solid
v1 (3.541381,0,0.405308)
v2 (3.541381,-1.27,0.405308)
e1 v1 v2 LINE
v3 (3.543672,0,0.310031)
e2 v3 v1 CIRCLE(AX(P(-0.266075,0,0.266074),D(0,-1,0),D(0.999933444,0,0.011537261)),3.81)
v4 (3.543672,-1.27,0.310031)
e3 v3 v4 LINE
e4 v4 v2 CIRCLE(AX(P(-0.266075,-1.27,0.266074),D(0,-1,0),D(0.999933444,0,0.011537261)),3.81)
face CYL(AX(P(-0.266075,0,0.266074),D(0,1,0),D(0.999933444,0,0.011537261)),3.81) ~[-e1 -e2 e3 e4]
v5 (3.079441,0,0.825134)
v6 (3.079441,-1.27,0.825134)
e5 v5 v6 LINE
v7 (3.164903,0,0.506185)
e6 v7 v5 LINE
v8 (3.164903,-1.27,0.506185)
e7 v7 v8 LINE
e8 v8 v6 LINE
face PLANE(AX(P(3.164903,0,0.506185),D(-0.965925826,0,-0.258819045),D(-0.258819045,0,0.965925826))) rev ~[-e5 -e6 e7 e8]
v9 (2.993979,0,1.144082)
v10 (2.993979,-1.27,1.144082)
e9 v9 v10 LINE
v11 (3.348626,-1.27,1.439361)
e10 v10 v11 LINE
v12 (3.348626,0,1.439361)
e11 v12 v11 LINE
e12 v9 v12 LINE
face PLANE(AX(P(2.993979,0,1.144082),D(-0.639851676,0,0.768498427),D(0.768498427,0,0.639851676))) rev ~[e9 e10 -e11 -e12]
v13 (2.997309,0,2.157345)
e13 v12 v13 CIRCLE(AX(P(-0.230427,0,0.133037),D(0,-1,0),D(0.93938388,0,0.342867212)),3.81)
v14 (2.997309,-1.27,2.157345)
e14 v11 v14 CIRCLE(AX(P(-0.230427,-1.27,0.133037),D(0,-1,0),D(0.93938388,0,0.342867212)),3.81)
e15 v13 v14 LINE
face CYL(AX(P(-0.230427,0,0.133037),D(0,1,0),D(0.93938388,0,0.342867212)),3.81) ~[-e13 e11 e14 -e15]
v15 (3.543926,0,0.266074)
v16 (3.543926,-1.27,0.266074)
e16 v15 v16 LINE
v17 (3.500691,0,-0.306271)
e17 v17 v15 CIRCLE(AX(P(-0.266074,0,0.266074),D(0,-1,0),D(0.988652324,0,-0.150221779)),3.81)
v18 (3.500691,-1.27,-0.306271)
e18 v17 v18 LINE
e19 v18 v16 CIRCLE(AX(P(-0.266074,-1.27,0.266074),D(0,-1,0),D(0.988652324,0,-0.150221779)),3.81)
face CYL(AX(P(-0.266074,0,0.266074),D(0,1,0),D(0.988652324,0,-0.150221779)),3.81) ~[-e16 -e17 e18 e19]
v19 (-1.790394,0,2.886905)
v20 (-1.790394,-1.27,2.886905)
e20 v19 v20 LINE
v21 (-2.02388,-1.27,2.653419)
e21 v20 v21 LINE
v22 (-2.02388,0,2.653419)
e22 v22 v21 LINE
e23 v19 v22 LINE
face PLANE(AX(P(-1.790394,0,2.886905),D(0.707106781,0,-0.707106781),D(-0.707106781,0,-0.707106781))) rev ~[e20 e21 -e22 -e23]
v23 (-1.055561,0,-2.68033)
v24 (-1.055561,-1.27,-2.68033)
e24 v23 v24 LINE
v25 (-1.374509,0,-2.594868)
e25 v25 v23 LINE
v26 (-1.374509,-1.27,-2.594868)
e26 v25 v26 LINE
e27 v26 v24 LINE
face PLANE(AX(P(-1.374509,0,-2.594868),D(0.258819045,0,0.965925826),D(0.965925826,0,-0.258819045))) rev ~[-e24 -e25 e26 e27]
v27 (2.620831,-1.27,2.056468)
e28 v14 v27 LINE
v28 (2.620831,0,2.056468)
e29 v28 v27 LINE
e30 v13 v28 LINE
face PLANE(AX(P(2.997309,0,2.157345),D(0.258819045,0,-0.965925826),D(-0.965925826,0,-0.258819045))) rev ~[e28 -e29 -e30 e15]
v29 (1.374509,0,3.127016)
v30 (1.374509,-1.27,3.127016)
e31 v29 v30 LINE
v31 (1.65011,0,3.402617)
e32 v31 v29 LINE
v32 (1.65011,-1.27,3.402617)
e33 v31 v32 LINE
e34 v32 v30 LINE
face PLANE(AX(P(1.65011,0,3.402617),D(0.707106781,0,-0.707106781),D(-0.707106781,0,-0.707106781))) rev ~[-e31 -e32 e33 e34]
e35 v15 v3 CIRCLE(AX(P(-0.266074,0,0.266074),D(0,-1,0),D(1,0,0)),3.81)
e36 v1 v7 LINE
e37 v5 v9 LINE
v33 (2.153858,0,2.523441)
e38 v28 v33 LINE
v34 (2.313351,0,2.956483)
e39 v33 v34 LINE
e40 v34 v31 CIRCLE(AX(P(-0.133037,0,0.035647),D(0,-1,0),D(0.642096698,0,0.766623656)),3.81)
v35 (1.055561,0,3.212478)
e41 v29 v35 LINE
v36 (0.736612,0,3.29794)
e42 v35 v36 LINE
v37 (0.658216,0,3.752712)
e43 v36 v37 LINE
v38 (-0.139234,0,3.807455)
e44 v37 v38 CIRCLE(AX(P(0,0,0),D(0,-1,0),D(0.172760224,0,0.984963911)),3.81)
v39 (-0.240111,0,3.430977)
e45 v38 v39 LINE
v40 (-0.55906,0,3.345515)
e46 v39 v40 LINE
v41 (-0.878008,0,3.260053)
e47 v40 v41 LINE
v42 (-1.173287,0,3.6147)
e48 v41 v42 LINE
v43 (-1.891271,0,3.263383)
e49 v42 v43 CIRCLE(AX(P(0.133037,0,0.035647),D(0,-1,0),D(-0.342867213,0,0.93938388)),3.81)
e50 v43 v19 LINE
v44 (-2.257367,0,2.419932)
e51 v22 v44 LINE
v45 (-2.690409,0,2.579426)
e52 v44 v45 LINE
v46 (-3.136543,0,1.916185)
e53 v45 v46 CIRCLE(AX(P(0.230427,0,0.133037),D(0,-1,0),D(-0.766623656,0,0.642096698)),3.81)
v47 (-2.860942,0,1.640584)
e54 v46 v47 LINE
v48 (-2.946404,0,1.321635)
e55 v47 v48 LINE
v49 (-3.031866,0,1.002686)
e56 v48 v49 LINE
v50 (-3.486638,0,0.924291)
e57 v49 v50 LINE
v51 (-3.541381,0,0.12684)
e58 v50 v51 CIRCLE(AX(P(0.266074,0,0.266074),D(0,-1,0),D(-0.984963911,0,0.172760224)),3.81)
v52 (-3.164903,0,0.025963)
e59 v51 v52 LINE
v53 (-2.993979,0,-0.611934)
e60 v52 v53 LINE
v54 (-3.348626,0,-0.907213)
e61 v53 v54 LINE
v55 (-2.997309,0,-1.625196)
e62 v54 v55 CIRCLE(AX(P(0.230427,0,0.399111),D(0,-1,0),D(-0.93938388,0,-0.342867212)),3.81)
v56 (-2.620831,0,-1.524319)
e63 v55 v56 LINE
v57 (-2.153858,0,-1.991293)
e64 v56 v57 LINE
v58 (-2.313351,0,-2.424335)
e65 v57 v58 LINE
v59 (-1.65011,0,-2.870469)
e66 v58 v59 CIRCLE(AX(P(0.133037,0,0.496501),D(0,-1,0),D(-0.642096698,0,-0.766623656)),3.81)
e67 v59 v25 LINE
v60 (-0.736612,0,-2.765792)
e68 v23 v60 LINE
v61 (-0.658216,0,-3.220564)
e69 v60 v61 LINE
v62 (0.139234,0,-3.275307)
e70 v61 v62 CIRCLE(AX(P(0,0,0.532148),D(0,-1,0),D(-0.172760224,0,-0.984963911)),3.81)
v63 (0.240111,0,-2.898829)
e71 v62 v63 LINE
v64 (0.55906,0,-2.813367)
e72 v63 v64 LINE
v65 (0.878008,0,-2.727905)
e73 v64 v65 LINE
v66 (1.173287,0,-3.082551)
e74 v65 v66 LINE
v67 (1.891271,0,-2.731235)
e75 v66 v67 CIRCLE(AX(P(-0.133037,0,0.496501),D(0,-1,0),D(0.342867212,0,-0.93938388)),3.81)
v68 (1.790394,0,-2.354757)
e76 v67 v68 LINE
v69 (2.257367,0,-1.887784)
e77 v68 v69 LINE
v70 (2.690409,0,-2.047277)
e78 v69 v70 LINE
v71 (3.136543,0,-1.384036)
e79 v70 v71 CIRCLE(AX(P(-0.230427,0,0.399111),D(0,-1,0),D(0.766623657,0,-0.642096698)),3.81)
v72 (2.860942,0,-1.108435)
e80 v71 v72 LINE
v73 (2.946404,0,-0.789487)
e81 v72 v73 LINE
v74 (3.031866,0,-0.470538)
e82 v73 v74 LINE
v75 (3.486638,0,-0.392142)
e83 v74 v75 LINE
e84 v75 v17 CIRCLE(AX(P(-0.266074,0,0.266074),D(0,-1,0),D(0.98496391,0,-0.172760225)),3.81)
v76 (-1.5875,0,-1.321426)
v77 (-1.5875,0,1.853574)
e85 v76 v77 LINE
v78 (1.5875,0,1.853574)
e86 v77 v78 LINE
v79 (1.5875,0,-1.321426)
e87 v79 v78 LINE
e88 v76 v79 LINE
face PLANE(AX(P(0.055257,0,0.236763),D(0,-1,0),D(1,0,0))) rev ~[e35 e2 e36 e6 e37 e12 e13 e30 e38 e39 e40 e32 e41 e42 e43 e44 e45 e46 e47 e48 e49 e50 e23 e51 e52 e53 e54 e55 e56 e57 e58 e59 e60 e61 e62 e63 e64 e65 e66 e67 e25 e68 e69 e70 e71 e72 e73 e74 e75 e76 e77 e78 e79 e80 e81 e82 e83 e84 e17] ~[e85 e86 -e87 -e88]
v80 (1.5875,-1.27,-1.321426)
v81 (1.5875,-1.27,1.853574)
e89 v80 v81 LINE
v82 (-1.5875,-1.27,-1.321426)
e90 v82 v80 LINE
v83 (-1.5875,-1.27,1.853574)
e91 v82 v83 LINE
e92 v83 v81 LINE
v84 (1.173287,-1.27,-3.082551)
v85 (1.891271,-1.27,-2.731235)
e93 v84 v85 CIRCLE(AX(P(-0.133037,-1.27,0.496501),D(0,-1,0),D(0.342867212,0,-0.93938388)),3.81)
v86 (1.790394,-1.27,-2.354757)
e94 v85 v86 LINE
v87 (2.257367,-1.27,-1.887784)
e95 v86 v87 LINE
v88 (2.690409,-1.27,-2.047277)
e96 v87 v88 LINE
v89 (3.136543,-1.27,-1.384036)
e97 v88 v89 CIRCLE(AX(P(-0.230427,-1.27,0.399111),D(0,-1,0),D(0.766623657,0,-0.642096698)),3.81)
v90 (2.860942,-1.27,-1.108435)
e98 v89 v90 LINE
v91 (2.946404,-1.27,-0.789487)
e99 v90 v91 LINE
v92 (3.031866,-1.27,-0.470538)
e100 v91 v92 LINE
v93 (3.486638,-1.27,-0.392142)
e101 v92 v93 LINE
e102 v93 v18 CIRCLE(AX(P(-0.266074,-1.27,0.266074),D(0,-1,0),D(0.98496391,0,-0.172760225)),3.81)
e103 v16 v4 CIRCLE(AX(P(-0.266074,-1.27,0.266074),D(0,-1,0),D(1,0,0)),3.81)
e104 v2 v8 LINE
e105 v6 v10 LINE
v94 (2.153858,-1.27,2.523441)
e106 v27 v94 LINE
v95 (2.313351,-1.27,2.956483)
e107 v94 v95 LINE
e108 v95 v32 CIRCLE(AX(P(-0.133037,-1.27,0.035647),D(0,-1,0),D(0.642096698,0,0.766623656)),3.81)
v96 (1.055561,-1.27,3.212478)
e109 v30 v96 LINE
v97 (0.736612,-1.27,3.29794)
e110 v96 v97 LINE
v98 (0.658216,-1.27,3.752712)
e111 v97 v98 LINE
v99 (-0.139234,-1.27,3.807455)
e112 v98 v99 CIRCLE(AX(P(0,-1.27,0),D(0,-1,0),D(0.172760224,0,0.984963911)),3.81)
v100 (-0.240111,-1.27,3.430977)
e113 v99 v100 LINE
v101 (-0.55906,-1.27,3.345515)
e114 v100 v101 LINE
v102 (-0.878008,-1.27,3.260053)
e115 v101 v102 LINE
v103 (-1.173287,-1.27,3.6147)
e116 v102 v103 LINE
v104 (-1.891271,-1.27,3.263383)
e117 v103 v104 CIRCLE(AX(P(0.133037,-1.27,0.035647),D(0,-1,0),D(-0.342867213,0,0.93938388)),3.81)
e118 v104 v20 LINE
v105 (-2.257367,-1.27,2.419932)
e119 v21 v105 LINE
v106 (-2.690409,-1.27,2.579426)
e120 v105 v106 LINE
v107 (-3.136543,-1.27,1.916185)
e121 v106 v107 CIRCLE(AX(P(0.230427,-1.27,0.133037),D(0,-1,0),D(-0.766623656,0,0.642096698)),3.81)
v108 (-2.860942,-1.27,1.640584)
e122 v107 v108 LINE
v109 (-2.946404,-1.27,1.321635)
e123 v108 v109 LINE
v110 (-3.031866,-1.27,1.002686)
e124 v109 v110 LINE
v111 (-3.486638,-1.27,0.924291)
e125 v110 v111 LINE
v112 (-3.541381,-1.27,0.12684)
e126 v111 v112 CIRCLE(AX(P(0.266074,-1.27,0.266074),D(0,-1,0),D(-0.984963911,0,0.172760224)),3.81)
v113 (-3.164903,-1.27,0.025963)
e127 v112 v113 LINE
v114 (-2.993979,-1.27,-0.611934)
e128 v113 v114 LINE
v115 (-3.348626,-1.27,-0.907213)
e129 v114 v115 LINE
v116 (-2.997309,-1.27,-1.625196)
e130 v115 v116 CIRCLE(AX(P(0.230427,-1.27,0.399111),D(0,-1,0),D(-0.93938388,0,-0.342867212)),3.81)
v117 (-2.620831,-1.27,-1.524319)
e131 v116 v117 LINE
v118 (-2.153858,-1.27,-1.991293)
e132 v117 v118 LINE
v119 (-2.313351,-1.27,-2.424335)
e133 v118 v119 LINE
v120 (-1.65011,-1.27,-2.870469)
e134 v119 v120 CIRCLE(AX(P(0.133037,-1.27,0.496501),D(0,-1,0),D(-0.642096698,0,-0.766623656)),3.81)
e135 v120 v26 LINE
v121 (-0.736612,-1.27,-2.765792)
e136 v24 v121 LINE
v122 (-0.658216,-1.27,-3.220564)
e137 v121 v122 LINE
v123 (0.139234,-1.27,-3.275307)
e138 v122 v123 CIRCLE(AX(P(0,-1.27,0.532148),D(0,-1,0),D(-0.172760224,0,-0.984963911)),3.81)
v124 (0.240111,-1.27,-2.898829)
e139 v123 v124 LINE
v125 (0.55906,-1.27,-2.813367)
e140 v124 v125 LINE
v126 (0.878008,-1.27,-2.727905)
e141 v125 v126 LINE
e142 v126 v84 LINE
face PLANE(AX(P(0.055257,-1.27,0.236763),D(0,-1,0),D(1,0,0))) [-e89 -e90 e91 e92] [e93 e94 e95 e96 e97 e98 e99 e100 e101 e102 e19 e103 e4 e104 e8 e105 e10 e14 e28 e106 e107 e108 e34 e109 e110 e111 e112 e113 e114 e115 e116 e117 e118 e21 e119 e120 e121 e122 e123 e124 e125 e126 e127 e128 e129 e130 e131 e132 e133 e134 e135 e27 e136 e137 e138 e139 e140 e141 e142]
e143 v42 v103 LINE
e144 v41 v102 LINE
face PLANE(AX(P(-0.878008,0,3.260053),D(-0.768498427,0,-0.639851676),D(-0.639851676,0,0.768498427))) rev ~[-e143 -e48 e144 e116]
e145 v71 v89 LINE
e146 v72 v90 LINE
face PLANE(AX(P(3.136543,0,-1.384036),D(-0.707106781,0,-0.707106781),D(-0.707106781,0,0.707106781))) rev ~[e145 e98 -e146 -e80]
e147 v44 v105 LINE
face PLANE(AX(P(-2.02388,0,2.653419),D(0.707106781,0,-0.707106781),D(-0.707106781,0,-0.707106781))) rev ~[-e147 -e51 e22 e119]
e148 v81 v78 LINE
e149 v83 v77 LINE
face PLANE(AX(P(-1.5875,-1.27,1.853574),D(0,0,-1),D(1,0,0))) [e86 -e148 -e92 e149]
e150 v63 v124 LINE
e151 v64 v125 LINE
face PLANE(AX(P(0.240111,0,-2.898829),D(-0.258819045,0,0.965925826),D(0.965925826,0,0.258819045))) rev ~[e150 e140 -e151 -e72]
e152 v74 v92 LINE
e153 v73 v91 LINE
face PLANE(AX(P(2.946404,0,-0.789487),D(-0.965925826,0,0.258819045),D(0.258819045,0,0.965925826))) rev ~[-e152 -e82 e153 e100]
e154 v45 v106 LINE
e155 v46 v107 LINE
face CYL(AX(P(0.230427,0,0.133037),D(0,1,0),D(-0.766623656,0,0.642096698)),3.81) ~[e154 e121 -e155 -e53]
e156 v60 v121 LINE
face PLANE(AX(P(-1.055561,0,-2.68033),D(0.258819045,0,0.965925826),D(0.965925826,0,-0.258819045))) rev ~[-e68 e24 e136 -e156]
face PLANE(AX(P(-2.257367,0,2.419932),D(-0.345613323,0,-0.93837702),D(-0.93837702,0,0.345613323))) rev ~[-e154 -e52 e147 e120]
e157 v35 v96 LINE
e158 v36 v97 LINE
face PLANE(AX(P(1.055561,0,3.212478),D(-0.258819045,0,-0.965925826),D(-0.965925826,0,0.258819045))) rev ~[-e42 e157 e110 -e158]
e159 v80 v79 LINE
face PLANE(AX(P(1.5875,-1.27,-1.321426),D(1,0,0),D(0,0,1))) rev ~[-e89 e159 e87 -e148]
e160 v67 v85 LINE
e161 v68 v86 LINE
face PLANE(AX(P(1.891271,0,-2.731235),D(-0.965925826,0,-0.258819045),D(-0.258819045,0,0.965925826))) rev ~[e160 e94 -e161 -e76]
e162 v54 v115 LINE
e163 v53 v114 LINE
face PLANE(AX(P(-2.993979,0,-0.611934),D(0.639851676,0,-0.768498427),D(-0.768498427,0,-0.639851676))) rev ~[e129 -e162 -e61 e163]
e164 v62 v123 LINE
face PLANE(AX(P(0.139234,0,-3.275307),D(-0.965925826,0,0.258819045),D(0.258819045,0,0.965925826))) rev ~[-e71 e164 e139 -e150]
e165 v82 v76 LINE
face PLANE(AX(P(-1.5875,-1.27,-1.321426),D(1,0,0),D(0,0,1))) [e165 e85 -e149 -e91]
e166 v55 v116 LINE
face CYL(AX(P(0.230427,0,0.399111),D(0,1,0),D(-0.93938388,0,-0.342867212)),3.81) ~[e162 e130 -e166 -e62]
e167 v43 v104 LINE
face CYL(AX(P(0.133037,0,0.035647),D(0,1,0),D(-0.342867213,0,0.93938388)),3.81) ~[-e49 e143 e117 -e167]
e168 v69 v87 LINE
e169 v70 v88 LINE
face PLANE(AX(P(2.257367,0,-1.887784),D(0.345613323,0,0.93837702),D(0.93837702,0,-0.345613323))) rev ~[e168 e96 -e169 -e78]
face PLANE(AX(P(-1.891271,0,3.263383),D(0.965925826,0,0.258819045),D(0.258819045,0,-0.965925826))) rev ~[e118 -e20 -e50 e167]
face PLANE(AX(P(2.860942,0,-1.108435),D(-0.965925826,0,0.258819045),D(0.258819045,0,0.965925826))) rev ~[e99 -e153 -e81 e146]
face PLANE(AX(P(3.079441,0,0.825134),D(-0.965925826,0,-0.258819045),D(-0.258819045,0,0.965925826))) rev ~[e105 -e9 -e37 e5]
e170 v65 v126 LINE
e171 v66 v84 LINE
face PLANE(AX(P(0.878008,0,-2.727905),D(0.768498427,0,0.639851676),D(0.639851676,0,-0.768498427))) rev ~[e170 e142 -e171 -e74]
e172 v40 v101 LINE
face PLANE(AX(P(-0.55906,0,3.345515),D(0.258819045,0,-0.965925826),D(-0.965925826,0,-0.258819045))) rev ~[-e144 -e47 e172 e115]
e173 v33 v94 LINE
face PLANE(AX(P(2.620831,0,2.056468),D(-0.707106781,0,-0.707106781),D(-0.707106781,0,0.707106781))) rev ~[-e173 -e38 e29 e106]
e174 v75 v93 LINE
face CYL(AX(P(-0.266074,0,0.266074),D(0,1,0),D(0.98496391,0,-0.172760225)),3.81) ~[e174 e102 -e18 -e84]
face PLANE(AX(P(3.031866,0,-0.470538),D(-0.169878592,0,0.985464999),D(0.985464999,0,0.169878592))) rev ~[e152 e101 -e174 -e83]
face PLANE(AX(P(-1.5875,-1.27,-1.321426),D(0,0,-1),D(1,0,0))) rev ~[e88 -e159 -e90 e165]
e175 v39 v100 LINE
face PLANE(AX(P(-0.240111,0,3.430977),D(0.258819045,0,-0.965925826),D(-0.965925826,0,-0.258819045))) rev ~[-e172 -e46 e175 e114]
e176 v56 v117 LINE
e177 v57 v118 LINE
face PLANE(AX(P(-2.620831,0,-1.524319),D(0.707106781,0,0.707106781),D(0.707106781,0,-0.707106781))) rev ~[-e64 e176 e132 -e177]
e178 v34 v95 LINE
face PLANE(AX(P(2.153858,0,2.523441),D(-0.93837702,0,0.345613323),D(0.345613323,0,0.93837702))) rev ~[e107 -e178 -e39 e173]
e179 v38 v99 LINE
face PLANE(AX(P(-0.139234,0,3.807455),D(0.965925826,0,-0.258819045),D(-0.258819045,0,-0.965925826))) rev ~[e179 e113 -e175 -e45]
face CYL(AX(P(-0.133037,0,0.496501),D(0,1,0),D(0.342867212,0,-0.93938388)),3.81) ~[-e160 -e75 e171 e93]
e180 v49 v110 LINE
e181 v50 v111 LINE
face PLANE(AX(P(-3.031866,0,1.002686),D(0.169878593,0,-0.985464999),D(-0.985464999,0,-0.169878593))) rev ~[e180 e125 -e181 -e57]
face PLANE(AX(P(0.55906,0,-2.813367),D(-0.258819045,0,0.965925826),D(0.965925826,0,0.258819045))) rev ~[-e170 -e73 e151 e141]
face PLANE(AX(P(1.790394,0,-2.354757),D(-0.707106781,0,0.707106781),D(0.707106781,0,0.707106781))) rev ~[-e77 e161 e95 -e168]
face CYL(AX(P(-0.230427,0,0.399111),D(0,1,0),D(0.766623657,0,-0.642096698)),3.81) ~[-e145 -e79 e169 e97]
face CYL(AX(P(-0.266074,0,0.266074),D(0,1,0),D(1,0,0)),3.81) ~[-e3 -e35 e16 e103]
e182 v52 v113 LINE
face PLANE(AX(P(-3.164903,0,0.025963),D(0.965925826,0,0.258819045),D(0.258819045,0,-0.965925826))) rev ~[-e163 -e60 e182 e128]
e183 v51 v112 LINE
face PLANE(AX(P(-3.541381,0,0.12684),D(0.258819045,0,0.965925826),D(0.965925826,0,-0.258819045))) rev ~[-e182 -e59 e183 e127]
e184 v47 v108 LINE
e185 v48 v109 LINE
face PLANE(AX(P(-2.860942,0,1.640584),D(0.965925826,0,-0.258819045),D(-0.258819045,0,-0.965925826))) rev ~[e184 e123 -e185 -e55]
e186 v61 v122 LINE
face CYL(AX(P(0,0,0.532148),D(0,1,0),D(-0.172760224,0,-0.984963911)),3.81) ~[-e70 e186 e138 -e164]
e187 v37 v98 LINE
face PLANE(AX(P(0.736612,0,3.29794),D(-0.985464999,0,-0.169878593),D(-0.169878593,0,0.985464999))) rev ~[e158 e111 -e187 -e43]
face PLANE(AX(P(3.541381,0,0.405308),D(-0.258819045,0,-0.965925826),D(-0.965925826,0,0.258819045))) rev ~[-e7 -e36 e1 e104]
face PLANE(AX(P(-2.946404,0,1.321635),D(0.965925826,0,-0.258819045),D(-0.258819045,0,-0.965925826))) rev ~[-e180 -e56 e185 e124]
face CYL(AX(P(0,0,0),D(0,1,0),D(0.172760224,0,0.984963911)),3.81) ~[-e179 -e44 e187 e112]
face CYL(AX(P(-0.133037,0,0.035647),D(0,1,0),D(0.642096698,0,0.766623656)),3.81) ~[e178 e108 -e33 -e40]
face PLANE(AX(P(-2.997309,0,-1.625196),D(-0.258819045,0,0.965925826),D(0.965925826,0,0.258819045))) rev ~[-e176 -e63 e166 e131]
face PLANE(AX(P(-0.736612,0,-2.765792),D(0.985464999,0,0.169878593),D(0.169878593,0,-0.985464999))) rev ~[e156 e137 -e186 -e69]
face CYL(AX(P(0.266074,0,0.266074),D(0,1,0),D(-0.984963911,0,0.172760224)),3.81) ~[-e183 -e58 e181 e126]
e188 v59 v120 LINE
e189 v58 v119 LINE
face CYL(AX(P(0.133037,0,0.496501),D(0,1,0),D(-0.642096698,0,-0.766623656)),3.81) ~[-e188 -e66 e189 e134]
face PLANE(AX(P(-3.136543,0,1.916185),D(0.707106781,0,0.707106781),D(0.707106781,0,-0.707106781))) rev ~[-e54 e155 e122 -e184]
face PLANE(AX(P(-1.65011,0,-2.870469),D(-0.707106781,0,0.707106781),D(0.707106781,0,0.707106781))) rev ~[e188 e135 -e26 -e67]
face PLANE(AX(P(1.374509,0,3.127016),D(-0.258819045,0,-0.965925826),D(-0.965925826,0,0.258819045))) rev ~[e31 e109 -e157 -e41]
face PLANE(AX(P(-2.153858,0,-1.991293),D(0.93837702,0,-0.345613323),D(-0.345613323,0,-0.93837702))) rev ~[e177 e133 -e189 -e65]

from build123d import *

# Parameters (mm, degrees)
F1_DEPTH = 1.27
F2_W     = 3.175
F2_H     = 3.175
F3_DEPTH = 25.4


with BuildPart() as f1:
    # F0 (on Front) → F1 (new body)
    with BuildSketch(Plane.XZ):
        with BuildLine():
            Line((2.9464038958, -0.7894865445), (0, 0))
            Line((0, 0), (3.0794409887, 0.8251337261))
            Line((3.0794409887, 0.8251337261), (2.99397894, 1.1440824339))
            Line((2.99397894, 1.1440824339), (3.3486255796, 1.4393611732))
            ThreePointArc((3.3486255796, 1.4393611732), (3.1918481536, 1.8075915845), (2.9973088366, 2.1573447134))
            Line((2.9973088366, 2.1573447134), (2.6208310146, 2.0564677851))
            Line((2.6208310146, 2.0564677851), (2.3873443555, 2.2899544442))
            Line((2.3873443555, 2.2899544442), (2.1538576963, 2.5234411034))
            Line((2.1538576963, 2.5234411034), (2.3133513259, 2.9564833127))
            ThreePointArc((2.3133513259, 2.9564833127), (1.9934628866, 3.1969914902), (1.6501103316, 3.4026169264))
            Line((1.6501103316, 3.4026169264), (1.374509438, 3.1270160328))
            Line((1.374509438, 3.1270160328), (1.0555607301, 3.2124780815))
            Line((1.0555607301, 3.2124780815), (0.7366120223, 3.2979401302))
            Line((0.7366120223, 3.2979401302), (0.6582164526, 3.7527124992))
            ThreePointArc((0.6582164526, 3.7527124992), (0.2609308491, 3.8010544711), (-0.1392339042, 3.807455045))
            Line((-0.1392339042, 3.807455045), (-0.2401108325, 3.430977223))
            Line((-0.2401108325, 3.430977223), (-0.5590595404, 3.3455151743))
            Line((-0.5590595404, 3.3455151743), (-0.8780082482, 3.2600531257))
            Line((-0.8780082482, 3.2600531257), (-1.1732869876, 3.6146997653))
            ThreePointArc((-1.1732869876, 3.6146997653), (-1.5415173988, 3.4579223392), (-1.8912705277, 3.2633830223))
            Line((-1.8912705277, 3.2633830223), (-1.7903935994, 2.8869052003))
            Line((-1.7903935994, 2.8869052003), (-2.0238802585, 2.6534185411))
            Line((-2.0238802585, 2.6534185411), (-2.2573669177, 2.419931882))
            Line((-2.2573669177, 2.419931882), (-2.690409127, 2.5794255116))
            ThreePointArc((-2.690409127, 2.5794255116), (-2.9309173045, 2.2595370723), (-3.1365427408, 1.9161845173))
            Line((-3.1365427408, 1.9161845173), (-2.8609418471, 1.6405836237))
            Line((-2.8609418471, 1.6405836237), (-2.9464038958, 1.3216349158))
            Line((-2.9464038958, 1.3216349158), (-3.0318659445, 1.002686208))
            Line((-3.0318659445, 1.002686208), (-3.4866383135, 0.9242906383))
            ThreePointArc((-3.4866383135, 0.9242906383), (-3.5349802854, 0.5270050347), (-3.5413808594, 0.1268402815))
            Line((-3.5413808594, 0.1268402815), (-3.1649030374, 0.0259633531))
            Line((-3.1649030374, 0.0259633531), (-3.0794409887, -0.2929853547))
            Line((-3.0794409887, -0.2929853547), (-2.99397894, -0.6119340625))
            Line((-2.99397894, -0.6119340625), (-3.3486255796, -0.9072128019))
            ThreePointArc((-3.3486255796, -0.9072128019), (-3.1918481536, -1.2754432131), (-2.9973088366, -1.6251963421))
            Line((-2.9973088366, -1.6251963421), (-2.6208310146, -1.5243194137))
            Line((-2.6208310146, -1.5243194137), (-2.3873443555, -1.7578060728))
            Line((-2.3873443555, -1.7578060728), (-2.1538576963, -1.991292732))
            Line((-2.1538576963, -1.991292732), (-2.3133513259, -2.4243349413))
            ThreePointArc((-2.3133513259, -2.4243349413), (-1.9934628866, -2.6648431188), (-1.6501103316, -2.8704685551))
            Line((-1.6501103316, -2.8704685551), (-1.374509438, -2.5948676615))
            Line((-1.374509438, -2.5948676615), (-1.0555607301, -2.6803297101))
            Line((-1.0555607301, -2.6803297101), (-0.7366120223, -2.7657917588))
            Line((-0.7366120223, -2.7657917588), (-0.6582164526, -3.2205641278))
            ThreePointArc((-0.6582164526, -3.2205641278), (-0.2609308491, -3.2689060997), (0.1392339042, -3.2753066737))
            Line((0.1392339042, -3.2753066737), (0.2401108325, -2.8988288517))
            Line((0.2401108325, -2.8988288517), (0.5590595404, -2.813366803))
            Line((0.5590595404, -2.813366803), (0.8780082482, -2.7279047543))
            Line((0.8780082482, -2.7279047543), (1.1732869876, -3.0825513939))
            ThreePointArc((1.1732869876, -3.0825513939), (1.5415173988, -2.9257739679), (1.8912705277, -2.7312346509))
            Line((1.8912705277, -2.7312346509), (1.7903935994, -2.3547568289))
            Line((1.7903935994, -2.3547568289), (2.0238802585, -2.1212701698))
            Line((2.0238802585, -2.1212701698), (2.2573669177, -1.8877835106))
            Line((2.2573669177, -1.8877835106), (2.690409127, -2.0472771403))
            ThreePointArc((2.690409127, -2.0472771403), (2.9309173045, -1.7273887009), (3.1365427408, -1.3840361459))
            Line((3.1365427408, -1.3840361459), (2.8609418471, -1.1084352523))
            Line((2.8609418471, -1.1084352523), (2.9464038958, -0.7894865445))
        make_face()
        with BuildLine():
            ThreePointArc((3.4866383135, -0.392142267), (3.4939098929, -0.3492466485), (3.5006911676, -0.3062707917))
            Line((3.5006911676, -0.3062707917), (0, 0))
            Line((0, 0), (2.9464038958, -0.7894865445))
            Line((2.9464038958, -0.7894865445), (3.0318659445, -0.4705378366))
            Line((3.0318659445, -0.4705378366), (3.4866383135, -0.392142267))
        make_face()
        with BuildLine():
            ThreePointArc((3.5439258143, 0.2660741857), (3.5438624188, 0.2880530324), (3.5436722344, 0.3100311478))
            Line((3.5436722344, 0.3100311478), (0, 0))
            Line((0, 0), (3.5006911676, -0.3062707917))
            ThreePointArc((3.5006911676, -0.3062707917), (3.5331017773, -0.0209136223), (3.5439258143, 0.2660741857))
        make_face()
        with BuildLine():
            Line((0, 0), (3.5436722344, 0.3100311478))
            ThreePointArc((3.5436722344, 0.3100311478), (3.5428244693, 0.3576767837), (3.5413808594, 0.4053080898))
            Line((3.5413808594, 0.4053080898), (3.1649030374, 0.5061850182))
            Line((3.1649030374, 0.5061850182), (3.0794409887, 0.8251337261))
            Line((3.0794409887, 0.8251337261), (0, 0))
        make_face()
    extrude(amount=F1_DEPTH)

    # F2 (on face) → F3 (cut)
    with BuildSketch(Plane.XZ.offset(1.27)):
        with Locations((0, 0.2660741857)):
            Rectangle(F2_W, F2_H)
    extrude(amount=-F3_DEPTH, mode=Mode.SUBTRACT)


solid = f1.part
